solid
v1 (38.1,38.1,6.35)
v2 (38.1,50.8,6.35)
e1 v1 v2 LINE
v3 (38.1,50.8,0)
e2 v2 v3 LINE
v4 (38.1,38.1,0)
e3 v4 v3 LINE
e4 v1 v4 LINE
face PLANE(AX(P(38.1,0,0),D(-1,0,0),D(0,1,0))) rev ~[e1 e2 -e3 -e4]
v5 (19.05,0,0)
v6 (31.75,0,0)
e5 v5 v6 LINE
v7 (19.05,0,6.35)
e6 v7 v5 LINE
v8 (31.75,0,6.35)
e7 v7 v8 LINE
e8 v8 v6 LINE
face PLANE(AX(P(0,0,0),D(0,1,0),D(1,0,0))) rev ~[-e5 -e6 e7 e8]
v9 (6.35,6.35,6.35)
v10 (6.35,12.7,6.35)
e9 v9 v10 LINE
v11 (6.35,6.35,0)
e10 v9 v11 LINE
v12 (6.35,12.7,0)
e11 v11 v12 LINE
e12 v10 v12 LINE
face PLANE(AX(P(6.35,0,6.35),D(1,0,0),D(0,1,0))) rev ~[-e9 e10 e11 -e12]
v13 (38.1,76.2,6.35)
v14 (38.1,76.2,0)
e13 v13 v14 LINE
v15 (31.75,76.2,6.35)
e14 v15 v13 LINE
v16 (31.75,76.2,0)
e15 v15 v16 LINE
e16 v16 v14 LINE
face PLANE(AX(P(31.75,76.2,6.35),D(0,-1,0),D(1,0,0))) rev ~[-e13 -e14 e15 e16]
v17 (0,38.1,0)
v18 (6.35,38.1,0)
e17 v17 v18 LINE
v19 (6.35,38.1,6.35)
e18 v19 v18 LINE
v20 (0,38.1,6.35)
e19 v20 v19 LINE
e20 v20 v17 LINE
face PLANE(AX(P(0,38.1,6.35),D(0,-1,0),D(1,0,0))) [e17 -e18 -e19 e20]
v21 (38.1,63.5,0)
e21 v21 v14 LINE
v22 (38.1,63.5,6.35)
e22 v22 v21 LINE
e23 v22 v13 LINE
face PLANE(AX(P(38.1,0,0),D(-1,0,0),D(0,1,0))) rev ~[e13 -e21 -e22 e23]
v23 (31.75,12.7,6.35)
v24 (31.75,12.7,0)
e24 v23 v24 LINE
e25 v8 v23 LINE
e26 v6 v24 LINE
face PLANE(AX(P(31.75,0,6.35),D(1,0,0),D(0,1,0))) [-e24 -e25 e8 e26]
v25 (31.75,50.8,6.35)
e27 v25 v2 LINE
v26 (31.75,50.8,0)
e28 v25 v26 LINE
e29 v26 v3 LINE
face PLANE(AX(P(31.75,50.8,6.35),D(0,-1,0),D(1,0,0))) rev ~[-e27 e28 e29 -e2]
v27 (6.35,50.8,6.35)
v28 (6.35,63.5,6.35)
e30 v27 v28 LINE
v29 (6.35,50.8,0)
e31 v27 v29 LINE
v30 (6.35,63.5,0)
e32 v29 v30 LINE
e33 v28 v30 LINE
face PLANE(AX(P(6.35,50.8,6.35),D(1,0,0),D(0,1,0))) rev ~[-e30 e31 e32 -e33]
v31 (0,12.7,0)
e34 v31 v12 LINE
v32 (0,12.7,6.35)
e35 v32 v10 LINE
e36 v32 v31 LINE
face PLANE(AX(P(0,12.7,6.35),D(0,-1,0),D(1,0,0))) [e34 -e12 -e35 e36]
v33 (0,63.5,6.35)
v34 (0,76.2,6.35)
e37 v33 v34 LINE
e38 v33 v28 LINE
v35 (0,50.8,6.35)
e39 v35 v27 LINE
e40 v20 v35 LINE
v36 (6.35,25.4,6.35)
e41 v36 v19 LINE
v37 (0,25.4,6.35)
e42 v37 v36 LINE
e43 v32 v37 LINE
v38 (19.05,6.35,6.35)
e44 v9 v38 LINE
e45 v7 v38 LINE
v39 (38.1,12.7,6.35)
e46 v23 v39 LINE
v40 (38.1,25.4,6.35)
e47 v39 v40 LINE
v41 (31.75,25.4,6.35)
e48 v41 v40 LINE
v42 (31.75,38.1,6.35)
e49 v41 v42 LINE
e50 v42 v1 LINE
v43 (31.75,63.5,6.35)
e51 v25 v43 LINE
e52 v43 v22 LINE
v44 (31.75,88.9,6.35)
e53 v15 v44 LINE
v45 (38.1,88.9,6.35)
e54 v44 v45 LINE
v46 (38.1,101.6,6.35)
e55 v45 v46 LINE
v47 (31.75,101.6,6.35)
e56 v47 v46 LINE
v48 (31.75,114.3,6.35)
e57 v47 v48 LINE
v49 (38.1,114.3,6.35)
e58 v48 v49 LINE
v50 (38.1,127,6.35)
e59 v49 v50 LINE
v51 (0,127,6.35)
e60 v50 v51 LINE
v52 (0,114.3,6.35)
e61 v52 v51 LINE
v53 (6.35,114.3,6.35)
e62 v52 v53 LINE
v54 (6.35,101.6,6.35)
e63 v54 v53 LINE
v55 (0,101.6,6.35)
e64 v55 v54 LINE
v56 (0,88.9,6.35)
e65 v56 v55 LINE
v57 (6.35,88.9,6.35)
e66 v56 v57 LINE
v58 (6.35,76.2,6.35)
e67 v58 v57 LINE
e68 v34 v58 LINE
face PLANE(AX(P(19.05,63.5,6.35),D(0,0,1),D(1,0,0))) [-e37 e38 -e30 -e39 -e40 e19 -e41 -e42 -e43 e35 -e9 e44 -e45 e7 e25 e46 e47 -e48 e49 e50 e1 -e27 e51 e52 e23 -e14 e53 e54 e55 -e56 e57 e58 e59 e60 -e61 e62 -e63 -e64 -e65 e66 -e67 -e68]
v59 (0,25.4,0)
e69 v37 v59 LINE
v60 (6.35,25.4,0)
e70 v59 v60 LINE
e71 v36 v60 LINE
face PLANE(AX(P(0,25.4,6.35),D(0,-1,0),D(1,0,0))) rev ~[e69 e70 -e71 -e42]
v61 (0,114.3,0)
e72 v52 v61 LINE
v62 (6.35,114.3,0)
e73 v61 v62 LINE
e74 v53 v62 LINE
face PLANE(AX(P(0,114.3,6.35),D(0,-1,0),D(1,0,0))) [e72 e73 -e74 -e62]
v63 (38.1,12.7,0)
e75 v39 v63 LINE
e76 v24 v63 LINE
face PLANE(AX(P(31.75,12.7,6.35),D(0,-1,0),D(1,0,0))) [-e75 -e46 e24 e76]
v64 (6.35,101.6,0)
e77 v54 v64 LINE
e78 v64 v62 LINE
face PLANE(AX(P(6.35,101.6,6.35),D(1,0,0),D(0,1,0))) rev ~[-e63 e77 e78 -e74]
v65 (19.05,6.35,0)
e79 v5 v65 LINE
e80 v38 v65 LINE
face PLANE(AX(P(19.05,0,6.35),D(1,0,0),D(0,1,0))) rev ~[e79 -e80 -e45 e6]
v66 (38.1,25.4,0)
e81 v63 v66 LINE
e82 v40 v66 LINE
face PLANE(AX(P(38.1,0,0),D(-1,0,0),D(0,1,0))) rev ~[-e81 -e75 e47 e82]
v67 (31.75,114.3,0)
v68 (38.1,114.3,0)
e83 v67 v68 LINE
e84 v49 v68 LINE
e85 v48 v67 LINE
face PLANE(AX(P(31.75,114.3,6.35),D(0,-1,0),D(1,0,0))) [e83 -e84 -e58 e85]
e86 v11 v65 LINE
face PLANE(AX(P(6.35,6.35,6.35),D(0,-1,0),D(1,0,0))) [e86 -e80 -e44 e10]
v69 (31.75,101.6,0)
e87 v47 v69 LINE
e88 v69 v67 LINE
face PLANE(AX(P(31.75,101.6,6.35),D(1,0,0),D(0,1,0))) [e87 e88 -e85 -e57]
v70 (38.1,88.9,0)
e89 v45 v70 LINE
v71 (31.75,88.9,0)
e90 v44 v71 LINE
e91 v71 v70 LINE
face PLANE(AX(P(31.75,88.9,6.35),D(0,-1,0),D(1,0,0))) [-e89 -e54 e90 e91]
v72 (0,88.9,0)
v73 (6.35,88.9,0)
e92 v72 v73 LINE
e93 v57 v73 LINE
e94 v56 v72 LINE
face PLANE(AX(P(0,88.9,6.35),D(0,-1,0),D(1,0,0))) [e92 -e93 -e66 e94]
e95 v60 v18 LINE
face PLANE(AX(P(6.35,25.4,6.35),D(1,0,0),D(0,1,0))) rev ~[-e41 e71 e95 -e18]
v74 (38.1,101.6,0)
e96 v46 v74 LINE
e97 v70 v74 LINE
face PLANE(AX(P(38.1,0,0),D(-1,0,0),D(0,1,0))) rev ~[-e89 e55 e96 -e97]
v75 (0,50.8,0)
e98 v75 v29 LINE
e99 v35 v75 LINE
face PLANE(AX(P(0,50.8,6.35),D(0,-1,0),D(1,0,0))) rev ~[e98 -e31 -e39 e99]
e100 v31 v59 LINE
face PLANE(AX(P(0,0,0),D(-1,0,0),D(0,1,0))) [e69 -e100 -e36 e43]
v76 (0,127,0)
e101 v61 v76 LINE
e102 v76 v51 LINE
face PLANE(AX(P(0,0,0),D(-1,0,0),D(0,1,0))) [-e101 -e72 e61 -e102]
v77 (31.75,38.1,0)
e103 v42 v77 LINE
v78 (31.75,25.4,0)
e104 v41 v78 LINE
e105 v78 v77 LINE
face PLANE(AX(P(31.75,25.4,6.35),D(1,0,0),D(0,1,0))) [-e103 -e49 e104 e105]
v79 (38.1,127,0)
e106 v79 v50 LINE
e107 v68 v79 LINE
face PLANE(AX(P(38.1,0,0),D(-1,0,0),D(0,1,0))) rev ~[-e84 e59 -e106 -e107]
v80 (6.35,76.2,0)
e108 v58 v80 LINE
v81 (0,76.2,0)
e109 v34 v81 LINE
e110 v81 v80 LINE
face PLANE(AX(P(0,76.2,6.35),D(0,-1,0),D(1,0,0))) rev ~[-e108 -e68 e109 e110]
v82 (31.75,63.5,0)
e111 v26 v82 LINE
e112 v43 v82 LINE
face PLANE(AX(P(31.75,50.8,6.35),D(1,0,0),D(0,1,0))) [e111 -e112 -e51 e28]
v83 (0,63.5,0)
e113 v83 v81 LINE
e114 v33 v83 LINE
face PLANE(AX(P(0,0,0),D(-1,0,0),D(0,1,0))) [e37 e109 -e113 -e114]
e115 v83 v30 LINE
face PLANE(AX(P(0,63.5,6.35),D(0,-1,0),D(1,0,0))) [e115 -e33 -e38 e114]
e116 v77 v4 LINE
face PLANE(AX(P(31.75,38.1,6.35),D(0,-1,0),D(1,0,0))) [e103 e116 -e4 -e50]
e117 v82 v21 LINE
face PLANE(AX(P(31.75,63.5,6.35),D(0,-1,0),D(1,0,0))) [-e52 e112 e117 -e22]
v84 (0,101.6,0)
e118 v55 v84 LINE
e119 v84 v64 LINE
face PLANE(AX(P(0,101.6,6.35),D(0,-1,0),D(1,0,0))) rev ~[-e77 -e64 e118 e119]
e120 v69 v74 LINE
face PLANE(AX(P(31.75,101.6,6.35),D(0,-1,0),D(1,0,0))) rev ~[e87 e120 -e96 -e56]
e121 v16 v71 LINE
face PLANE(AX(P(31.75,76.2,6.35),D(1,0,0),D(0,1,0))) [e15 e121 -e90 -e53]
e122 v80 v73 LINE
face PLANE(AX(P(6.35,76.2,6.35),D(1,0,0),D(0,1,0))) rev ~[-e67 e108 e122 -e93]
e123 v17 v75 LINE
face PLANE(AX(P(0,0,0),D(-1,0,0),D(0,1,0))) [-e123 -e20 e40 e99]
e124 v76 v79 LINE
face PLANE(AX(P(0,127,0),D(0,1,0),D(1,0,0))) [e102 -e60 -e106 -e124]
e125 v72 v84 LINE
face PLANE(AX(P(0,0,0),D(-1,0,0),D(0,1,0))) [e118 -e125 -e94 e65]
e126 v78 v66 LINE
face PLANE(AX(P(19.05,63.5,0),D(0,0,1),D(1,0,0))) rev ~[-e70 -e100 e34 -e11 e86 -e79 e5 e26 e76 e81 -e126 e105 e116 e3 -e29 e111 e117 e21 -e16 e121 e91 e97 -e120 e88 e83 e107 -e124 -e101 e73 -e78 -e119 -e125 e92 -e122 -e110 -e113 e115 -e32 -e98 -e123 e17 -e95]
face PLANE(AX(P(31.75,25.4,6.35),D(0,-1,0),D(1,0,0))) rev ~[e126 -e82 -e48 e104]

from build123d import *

# Parameters (mm, degrees)
SKETCH1_W           = 38.1
SKETCH1_H           = 127
BOSS_EXTRUDE1_DEPTH = 6.35
SKETCH2_W           = 6.35
SKETCH2_H           = 12.7
CUT_EXTRUDE1_DEPTH  = 7.35
LPATTERN1_COUNT     = 6
LPATTERN1_PITCH     = 25.4
SKETCH3_W           = 12.7
SKETCH3_H           = 6.35
CUT_EXTRUDE2_DEPTH  = 7.35


with BuildPart() as part:
    # Sketch1 → Boss-Extrude1 (new body)
    with BuildSketch(Plane.XY):
        with Locations((19.05, 63.5)):
            Rectangle(SKETCH1_W, SKETCH1_H)
    extrude(amount=BOSS_EXTRUDE1_DEPTH)

    # Sketch2 → Cut-Extrude1 (cut, through all)
    with BuildSketch(Plane.XY.offset(6.35)):
        with Locations((3.175, 6.35)):
            Rectangle(SKETCH2_W, SKETCH2_H)
        with Locations((34.925, 6.35)):
            Rectangle(SKETCH2_W, SKETCH2_H)
    cut_extrude1 = extrude(amount=-CUT_EXTRUDE1_DEPTH, mode=Mode.SUBTRACT)

    # LPattern1: Cut-Extrude1 ×6
    with Locations(*[(0, i * LPATTERN1_PITCH, 0) for i in range(1, LPATTERN1_COUNT)]):
        add(cut_extrude1, mode=Mode.SUBTRACT)

    # Sketch3 → Cut-Extrude2 (cut, through all)
    with BuildSketch(Plane.XY.offset(6.35)):
        with Locations((12.7, 3.175)):
            Rectangle(SKETCH3_W, SKETCH3_H)
    extrude(amount=-CUT_EXTRUDE2_DEPTH, mode=Mode.SUBTRACT)


solid = part.part
